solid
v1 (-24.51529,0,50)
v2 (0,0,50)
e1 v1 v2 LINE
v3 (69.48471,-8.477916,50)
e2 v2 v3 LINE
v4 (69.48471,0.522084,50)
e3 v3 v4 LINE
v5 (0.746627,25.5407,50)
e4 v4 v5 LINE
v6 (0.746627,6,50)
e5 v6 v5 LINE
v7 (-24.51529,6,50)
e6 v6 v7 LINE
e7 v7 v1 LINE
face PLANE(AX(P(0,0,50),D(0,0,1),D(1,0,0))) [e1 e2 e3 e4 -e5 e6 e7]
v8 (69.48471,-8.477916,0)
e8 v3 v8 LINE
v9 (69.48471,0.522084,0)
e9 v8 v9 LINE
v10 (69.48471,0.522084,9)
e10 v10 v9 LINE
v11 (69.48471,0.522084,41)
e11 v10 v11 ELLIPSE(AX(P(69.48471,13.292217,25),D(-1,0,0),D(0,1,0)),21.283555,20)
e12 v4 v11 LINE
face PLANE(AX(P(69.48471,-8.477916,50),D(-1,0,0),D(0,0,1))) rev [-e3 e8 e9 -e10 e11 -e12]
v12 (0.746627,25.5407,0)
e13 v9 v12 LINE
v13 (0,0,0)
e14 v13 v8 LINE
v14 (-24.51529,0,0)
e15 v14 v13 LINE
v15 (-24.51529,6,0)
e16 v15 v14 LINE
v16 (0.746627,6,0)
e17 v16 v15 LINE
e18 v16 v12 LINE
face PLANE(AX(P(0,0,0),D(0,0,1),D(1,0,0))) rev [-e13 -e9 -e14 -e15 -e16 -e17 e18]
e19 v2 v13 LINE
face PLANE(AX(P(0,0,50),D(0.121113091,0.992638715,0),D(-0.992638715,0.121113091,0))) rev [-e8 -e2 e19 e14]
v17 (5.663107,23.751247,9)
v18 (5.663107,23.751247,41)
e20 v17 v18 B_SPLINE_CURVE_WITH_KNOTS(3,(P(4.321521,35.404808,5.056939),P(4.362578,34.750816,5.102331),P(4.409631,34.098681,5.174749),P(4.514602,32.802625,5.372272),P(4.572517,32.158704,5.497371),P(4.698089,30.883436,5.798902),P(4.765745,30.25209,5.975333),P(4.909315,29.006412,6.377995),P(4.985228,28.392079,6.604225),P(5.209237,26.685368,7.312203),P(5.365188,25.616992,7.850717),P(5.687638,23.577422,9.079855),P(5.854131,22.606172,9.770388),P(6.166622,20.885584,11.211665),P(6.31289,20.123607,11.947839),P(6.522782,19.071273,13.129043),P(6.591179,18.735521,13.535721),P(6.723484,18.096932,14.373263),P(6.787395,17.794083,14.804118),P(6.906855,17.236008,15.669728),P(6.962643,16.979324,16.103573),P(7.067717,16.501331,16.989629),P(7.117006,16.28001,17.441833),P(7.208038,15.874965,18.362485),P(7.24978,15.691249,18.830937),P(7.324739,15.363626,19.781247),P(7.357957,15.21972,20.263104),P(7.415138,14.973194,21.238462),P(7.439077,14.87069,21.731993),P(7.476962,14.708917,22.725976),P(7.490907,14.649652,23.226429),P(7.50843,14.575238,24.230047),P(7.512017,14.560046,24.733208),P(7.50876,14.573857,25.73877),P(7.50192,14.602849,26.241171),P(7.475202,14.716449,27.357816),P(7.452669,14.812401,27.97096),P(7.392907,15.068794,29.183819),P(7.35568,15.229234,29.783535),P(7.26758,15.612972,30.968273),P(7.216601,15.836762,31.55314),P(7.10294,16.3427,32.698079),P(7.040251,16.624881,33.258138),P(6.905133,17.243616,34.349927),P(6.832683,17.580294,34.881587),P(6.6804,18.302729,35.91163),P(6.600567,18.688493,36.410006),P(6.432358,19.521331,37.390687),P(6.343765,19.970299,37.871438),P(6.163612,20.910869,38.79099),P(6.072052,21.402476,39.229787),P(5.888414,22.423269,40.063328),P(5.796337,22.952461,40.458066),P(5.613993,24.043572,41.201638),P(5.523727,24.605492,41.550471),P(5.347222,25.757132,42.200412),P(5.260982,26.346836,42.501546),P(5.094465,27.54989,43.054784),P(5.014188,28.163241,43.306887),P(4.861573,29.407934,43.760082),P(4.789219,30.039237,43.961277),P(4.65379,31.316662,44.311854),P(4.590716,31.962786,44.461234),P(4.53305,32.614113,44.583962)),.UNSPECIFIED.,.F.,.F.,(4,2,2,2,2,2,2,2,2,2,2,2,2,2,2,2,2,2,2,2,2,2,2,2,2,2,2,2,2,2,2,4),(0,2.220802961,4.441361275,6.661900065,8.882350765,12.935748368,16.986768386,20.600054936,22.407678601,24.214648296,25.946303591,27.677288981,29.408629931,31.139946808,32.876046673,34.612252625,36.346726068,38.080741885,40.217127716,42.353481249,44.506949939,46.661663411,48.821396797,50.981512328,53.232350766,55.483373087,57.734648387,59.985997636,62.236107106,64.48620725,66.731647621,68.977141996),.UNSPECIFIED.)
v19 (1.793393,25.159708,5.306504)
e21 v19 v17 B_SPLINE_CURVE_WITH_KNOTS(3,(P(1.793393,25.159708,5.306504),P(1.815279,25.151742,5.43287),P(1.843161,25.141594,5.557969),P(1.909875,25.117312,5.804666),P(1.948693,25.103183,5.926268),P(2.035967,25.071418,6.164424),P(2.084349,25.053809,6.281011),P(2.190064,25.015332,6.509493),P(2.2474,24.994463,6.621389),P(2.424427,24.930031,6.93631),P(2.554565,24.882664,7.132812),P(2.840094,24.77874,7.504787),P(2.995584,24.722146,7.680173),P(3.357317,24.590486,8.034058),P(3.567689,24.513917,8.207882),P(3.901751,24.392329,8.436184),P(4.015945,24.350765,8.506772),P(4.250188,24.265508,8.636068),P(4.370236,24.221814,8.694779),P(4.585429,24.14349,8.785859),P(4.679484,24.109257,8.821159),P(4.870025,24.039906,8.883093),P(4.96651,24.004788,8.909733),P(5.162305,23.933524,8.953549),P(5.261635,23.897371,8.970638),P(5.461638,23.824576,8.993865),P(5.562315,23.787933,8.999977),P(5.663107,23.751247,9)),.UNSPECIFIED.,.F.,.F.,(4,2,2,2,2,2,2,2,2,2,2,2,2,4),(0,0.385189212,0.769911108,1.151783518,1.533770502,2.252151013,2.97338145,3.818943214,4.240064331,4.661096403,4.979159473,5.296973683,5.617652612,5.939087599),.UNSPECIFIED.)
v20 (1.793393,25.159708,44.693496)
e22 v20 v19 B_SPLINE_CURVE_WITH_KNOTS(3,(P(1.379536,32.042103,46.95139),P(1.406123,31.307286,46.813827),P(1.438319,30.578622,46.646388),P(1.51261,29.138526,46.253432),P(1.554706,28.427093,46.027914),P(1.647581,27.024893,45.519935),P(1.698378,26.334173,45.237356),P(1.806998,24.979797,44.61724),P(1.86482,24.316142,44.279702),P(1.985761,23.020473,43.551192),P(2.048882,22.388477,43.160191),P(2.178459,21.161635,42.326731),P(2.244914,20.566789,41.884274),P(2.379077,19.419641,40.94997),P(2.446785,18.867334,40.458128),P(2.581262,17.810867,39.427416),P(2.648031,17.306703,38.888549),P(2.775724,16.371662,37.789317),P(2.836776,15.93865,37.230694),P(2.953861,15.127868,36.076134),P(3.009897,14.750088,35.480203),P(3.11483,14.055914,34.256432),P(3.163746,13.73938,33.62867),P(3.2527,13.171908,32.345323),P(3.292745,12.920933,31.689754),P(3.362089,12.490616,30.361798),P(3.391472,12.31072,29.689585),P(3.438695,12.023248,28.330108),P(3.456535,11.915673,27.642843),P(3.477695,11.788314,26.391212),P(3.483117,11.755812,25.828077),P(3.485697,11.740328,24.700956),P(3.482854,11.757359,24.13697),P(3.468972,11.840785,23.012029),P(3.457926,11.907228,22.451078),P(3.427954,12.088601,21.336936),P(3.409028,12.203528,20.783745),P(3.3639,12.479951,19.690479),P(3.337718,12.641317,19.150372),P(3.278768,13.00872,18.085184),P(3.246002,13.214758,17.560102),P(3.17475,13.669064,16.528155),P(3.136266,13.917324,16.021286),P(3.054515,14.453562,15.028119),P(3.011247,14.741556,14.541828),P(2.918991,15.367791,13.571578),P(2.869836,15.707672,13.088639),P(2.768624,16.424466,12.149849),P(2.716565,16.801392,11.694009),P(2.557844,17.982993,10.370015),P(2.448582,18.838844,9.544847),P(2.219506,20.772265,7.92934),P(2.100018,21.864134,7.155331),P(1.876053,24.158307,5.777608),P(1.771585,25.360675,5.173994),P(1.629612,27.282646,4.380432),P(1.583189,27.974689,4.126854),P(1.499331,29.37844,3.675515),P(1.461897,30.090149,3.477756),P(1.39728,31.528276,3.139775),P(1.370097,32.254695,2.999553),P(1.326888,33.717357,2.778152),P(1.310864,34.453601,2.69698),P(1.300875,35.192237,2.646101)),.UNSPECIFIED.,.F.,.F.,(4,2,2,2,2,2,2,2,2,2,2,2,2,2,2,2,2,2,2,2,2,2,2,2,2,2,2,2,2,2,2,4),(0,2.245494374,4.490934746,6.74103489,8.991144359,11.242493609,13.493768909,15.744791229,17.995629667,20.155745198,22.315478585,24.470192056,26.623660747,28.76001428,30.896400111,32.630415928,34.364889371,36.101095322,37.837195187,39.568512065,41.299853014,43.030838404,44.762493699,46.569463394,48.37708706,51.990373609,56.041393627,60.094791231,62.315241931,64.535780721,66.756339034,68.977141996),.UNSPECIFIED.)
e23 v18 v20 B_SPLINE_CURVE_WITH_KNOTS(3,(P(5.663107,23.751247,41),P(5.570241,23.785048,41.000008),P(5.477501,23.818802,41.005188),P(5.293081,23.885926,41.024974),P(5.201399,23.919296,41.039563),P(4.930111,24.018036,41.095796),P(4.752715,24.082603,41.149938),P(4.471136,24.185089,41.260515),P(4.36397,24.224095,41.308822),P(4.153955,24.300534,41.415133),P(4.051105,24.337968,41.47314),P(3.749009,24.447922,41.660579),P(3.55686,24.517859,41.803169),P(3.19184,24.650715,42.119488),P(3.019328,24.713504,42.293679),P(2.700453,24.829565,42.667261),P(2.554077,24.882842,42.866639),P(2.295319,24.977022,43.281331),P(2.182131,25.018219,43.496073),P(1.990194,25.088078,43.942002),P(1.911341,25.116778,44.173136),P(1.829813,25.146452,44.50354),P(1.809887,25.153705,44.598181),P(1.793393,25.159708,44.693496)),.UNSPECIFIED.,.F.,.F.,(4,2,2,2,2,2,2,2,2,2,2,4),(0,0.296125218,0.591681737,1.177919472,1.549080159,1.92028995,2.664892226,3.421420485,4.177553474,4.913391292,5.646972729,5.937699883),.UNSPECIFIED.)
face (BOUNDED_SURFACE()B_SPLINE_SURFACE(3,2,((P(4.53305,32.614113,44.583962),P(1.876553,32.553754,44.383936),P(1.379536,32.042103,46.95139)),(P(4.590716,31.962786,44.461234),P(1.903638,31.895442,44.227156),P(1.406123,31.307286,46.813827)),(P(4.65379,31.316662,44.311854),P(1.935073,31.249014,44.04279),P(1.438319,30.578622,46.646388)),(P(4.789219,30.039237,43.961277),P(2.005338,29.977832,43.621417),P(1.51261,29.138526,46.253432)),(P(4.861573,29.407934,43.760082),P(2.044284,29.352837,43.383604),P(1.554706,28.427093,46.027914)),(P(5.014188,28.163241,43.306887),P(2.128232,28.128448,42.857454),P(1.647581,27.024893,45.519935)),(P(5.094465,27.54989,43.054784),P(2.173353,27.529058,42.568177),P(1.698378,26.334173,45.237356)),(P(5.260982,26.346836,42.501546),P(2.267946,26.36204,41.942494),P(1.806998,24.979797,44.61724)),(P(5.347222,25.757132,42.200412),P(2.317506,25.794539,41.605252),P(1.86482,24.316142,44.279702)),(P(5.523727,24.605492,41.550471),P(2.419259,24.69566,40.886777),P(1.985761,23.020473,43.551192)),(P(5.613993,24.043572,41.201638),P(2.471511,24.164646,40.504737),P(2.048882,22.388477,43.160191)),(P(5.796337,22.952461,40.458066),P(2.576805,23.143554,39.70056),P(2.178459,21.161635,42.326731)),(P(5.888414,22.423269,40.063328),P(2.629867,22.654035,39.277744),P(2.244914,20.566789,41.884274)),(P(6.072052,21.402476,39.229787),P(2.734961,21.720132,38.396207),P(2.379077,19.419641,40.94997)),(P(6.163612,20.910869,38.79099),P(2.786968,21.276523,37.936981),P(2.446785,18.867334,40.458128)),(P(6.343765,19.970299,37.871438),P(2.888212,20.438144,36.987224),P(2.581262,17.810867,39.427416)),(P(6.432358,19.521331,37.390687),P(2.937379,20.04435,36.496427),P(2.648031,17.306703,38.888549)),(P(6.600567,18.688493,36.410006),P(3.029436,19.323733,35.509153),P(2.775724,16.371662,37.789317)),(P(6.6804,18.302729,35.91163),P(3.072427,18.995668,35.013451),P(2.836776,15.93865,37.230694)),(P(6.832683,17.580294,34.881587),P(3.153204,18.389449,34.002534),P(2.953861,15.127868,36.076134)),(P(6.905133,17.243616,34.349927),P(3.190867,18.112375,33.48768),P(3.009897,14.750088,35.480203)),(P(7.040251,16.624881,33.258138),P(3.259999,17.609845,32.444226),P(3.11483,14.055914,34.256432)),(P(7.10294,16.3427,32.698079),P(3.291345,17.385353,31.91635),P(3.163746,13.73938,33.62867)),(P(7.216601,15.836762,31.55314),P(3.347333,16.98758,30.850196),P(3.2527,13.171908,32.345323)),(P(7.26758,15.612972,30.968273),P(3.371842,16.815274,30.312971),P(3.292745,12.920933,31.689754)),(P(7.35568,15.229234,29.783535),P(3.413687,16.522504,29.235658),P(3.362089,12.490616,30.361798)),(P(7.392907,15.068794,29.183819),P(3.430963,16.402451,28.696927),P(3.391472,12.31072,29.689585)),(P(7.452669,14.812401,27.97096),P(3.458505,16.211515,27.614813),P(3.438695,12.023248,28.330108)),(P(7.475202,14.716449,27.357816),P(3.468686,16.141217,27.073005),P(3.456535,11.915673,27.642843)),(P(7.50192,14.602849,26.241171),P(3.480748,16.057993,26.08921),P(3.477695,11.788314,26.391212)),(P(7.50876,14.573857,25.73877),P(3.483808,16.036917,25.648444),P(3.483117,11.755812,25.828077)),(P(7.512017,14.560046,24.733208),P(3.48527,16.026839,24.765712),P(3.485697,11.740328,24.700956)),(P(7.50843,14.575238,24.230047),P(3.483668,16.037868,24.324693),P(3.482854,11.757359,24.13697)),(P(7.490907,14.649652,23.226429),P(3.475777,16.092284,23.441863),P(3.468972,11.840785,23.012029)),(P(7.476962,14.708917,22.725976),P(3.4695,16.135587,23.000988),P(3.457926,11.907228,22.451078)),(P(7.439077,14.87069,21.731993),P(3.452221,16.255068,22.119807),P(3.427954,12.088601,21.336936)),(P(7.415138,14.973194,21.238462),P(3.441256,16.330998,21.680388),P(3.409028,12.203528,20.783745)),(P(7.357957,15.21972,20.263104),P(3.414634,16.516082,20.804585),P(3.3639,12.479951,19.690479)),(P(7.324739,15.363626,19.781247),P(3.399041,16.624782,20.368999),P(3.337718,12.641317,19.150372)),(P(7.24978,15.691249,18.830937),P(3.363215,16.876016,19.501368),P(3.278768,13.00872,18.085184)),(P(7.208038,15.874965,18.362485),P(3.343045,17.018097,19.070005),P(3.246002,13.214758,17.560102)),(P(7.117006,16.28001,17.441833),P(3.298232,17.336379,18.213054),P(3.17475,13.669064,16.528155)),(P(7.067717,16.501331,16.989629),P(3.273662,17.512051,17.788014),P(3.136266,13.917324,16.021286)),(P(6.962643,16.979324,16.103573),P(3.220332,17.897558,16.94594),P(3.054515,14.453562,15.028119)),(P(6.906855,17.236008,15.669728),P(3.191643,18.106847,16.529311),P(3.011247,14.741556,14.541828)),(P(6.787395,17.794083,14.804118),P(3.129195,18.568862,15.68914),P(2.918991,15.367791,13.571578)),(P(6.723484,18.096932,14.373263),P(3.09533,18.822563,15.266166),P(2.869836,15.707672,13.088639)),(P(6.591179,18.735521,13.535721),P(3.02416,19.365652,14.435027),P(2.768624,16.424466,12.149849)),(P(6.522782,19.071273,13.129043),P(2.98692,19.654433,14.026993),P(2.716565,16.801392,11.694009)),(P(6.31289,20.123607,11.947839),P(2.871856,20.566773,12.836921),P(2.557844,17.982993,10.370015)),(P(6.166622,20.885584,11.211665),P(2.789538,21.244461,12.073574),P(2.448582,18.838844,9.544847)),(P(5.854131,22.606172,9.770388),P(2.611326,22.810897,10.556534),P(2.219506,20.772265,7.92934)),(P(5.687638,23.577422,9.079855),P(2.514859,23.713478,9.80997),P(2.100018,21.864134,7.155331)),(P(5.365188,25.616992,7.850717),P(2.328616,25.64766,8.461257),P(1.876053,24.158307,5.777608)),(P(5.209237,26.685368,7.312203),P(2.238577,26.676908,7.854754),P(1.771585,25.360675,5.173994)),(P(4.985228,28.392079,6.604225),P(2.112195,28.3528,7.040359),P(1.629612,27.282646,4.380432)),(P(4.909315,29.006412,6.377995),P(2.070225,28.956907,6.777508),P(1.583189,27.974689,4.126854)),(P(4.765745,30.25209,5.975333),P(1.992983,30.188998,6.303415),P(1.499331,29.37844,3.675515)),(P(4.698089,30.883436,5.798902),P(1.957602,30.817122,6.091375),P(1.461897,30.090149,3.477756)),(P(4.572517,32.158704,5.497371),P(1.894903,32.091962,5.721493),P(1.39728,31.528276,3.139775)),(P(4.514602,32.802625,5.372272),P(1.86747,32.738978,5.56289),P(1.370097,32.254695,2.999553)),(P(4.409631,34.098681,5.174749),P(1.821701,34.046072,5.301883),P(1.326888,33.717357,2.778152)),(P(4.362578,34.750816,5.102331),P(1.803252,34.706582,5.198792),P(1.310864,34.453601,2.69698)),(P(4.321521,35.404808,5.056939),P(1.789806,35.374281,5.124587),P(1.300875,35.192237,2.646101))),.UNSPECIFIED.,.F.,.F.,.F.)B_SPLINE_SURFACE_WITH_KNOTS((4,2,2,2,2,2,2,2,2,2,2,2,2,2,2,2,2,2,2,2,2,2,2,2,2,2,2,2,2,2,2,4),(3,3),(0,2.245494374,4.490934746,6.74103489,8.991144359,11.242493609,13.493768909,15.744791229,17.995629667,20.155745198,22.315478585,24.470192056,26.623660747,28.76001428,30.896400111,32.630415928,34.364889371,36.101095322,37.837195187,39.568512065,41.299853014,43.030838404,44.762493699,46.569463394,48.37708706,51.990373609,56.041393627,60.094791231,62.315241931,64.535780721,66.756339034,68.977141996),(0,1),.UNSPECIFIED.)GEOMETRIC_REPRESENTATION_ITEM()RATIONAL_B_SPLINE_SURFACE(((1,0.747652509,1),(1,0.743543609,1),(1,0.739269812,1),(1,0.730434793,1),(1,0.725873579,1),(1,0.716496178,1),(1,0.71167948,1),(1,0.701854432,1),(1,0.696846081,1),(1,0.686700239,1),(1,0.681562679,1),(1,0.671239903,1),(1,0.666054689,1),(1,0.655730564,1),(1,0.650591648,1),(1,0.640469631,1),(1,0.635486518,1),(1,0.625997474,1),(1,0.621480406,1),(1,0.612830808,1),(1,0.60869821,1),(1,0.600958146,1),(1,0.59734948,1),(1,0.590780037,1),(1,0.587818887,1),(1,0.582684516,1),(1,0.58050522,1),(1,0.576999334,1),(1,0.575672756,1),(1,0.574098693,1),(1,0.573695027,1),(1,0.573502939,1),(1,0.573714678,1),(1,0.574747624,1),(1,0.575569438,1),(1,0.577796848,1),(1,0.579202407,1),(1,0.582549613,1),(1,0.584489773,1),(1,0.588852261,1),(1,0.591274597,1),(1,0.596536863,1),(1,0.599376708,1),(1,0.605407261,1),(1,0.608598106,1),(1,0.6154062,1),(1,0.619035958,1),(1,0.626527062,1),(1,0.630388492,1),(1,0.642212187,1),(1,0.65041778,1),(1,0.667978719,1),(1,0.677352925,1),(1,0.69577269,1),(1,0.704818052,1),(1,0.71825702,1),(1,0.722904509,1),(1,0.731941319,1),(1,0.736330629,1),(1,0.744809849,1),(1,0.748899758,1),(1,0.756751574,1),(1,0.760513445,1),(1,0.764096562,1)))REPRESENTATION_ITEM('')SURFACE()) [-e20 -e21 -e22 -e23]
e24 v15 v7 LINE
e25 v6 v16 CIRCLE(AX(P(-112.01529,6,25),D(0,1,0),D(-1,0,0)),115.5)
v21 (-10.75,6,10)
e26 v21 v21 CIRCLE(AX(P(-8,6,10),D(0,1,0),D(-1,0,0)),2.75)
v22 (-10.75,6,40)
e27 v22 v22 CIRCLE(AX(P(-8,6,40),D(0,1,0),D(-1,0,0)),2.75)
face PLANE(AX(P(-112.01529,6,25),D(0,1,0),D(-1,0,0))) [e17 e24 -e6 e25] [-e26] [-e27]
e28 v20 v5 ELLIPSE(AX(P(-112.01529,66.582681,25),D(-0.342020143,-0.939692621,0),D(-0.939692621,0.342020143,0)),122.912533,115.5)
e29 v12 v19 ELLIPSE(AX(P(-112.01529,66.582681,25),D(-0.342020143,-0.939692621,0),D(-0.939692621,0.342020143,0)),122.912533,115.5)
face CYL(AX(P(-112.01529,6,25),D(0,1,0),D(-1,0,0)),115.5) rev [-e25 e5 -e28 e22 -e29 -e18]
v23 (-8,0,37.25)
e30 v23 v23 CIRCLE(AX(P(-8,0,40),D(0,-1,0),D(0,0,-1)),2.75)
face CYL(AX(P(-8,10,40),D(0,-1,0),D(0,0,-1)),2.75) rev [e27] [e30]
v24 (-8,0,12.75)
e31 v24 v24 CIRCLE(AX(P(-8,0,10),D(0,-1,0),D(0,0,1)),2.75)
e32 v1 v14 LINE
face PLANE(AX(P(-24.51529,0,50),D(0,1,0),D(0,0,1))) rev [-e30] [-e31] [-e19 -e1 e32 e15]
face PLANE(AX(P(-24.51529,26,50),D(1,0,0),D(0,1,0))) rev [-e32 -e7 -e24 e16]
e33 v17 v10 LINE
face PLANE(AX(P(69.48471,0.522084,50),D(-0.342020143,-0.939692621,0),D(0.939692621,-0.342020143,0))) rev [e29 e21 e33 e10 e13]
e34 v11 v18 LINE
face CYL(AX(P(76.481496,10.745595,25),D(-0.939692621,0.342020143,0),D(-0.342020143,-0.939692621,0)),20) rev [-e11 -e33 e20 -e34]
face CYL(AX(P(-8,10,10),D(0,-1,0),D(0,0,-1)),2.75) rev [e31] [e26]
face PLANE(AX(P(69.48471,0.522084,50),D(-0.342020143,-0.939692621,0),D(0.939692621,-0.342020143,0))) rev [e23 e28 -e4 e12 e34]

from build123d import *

# Parameters (mm, degrees)
EXTRUDE_1_DEPTH     = 50
SKETCH_4_R          = 20
CUT_EXTRUDE_1_DEPTH = 96.654466254
SKETCH_6_R          = 115.5
CUT_EXTRUDE_3_DEPTH = 20
SKETCH_8_R          = 2.75
CUT_EXTRUDE_4_DEPTH = 10
FILLET_1_R          = 3


with BuildPart() as part:
    # 草图1 → 凸台-拉伸1 (new body)
    with BuildSketch(Plane.XY):
        Polygon((-24.51528993, 0), (0, 0), (69.48471007, -8.477916399), (69.48471007, 0.522083601), (-0.51528993, 26), (-24.51528993, 26), align=None)
    extrude(amount=EXTRUDE_1_DEPTH)

    # 草图4 → 切除-拉伸1 (cut, through all)
    with BuildSketch(Plane(origin=(-8.811251384, 3.207033231, 0), x_dir=(0, 0, 1), z_dir=(-0.9396926207859082, 0.34202014332566955, 0))):
        with Locations((25, 36.255768605)):
            Circle(SKETCH_4_R)
    extrude(amount=-CUT_EXTRUDE_1_DEPTH, mode=Mode.SUBTRACT)

    # 草图6 → 切除-拉伸3 (cut)
    with BuildSketch(Plane(origin=(0, 26, 0), x_dir=(1, 0, 0), z_dir=(0, 1, 0))):
        with Locations((-112.01528993, -25)):
            Circle(SKETCH_6_R)
    extrude(amount=-CUT_EXTRUDE_3_DEPTH, mode=Mode.SUBTRACT)

    # 草图8 → 切除-拉伸4 (cut)
    with BuildSketch(Plane.XZ):
        with Locations((-8, 40)):
            Circle(SKETCH_8_R)
        with Locations((-8, 10)):
            Circle(SKETCH_8_R)
    extrude(amount=-CUT_EXTRUDE_4_DEPTH, mode=Mode.SUBTRACT)

    # 圆角1
    fillet_1_edges = [part.edges().sort_by_distance(p)[0] for p in [
        (3.48471007, 16.030696883, 25),
    ]]
    fillet(fillet_1_edges, radius=FILLET_1_R)


solid = part.part
